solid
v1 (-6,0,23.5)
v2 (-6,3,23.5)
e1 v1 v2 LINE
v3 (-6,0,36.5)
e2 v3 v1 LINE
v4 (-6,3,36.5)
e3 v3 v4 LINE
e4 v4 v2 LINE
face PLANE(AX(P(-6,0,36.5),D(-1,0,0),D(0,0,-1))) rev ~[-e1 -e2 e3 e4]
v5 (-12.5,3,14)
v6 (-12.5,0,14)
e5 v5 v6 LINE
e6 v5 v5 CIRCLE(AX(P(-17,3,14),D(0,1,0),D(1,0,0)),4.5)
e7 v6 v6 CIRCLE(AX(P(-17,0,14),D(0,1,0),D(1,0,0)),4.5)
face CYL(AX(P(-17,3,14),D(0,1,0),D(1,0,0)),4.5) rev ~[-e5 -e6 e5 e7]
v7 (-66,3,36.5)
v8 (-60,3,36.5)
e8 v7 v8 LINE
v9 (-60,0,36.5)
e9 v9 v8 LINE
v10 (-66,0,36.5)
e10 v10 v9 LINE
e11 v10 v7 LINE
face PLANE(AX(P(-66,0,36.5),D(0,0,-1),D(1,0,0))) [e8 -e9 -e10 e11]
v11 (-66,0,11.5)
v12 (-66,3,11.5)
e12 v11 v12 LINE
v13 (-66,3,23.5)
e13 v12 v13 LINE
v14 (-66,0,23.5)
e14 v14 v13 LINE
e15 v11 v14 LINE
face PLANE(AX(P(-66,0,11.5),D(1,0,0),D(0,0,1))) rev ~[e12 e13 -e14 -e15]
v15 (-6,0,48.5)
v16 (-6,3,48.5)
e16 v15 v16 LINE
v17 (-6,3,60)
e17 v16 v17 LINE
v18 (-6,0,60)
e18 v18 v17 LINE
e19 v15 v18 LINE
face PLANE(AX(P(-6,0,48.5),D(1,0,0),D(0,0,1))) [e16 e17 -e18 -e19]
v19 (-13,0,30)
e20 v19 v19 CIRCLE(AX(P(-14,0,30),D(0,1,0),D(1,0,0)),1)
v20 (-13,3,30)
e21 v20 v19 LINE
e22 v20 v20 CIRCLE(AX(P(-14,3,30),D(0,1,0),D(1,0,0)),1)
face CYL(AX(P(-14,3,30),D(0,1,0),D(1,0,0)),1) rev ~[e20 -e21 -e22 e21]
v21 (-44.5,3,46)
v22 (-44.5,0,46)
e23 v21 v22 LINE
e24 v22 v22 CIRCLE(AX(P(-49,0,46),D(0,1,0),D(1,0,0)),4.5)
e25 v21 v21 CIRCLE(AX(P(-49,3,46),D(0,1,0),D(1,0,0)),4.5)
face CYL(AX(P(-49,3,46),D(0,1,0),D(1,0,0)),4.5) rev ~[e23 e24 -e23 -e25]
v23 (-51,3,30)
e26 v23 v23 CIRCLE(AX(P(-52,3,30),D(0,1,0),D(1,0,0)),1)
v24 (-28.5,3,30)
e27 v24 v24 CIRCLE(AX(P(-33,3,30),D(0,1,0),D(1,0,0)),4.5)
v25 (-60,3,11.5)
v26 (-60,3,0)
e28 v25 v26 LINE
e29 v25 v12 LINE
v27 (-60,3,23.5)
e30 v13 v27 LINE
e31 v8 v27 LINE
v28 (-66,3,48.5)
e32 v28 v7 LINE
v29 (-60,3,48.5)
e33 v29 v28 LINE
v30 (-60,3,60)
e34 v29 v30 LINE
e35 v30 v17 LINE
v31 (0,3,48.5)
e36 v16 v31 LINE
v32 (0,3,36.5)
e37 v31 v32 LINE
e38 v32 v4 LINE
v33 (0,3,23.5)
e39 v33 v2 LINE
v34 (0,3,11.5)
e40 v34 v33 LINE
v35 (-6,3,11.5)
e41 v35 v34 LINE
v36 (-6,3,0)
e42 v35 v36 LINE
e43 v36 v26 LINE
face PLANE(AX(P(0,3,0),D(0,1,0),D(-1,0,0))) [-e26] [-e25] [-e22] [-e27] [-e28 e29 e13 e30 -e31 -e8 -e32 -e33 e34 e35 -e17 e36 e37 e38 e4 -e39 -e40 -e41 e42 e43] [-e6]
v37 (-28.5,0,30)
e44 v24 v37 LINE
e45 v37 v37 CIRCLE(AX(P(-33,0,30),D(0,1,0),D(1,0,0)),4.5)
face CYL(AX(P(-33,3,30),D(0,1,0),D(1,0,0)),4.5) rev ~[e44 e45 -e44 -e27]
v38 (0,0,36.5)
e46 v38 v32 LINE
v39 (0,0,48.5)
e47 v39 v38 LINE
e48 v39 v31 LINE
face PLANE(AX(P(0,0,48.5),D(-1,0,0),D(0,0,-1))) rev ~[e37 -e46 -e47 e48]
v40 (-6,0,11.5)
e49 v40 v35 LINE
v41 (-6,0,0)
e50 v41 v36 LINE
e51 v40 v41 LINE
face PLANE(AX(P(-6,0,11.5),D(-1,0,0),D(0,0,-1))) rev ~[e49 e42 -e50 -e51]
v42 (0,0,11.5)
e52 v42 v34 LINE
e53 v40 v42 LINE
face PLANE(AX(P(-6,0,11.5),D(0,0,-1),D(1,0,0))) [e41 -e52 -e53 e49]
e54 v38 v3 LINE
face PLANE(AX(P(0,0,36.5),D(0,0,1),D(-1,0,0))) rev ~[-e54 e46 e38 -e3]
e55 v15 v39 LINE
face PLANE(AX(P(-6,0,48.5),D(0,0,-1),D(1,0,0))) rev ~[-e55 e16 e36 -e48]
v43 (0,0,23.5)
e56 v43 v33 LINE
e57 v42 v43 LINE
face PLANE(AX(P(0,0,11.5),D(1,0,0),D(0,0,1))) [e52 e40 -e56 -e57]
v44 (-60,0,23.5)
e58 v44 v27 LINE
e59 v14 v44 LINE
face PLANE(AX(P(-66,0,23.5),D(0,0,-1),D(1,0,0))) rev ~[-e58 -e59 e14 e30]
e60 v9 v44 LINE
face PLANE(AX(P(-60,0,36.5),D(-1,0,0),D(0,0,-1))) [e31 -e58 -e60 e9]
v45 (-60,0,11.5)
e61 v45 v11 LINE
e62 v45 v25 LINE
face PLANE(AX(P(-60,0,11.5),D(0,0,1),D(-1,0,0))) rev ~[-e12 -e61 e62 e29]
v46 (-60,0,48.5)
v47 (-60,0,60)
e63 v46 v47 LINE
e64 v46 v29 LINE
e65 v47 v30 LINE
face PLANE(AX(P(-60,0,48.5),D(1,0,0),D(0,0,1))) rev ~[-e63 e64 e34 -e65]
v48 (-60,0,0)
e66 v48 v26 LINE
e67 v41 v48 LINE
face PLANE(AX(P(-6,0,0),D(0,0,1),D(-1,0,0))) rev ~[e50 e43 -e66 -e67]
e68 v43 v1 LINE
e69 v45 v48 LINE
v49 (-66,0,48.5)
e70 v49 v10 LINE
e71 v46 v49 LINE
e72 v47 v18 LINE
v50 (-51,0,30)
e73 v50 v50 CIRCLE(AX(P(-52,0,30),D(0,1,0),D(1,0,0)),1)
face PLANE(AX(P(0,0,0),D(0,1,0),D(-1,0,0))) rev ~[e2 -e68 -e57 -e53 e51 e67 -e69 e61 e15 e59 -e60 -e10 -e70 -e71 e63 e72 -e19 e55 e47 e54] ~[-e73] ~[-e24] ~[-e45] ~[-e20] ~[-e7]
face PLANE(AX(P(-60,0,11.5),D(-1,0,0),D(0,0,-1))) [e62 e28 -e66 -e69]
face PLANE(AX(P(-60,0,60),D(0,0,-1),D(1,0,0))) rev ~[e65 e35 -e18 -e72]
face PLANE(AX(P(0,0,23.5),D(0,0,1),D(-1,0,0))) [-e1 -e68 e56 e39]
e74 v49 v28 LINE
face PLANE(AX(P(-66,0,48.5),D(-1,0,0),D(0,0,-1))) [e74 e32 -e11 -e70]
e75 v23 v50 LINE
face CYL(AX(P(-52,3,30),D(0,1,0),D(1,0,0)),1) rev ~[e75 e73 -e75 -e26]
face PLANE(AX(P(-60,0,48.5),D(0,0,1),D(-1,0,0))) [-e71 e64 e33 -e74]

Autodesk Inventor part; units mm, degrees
ref_plane "YZ Plane" through (0, 0, 0) normal (1, 0, 0) x (0, 1, 0)
ref_plane "XZ Plane" through (0, 0, 0) normal (0, 1, 0) x (-1, 0, 0)
ref_plane "XY Plane" through (0, 0, 0) normal (0, 0, 1) x (1, 0, 0)
sketch "Sketch1" plane through (0, 0, 0) normal (0, 1, 0) x (-1, 0, 0)
  line L0 (0, 30) -> (66, 30) construction
  line L1 (66, 36.5) -> (60, 36.5)
  line L2 (60, 36.5) -> (60, 48.5) construction
  line L3 (60, 48.5) -> (66, 48.5)
  line L4 (66, 48.5) -> (66, 36.5)
  line L5 (60, 48.5) -> (60, 60)
  line L6 (60, 60) -> (6, 60)
  line L7 (66, 23.5) -> (60, 23.5)
  line L8 (60, 23.5) -> (60, 11.5) construction
  line L9 (60, 11.5) -> (66, 11.5)
  line L10 (66, 11.5) -> (66, 23.5)
  line L11 (60, 11.5) -> (60, 0)
  line L12 (60, 36.5) -> (60, 23.5)
  line L13 (33, 30) -> (33, 0) construction
  line L14 (0, 36.5) -> (6, 36.5)
  line L15 (6, 36.5) -> (6, 48.5) construction
  line L16 (6, 48.5) -> (0, 48.5)
  line L17 (0, 48.5) -> (0, 36.5)
  line L18 (6, 48.5) -> (6, 60)
  line L19 (0, 23.5) -> (6, 23.5)
  line L20 (6, 23.5) -> (6, 11.5) construction
  line L21 (6, 11.5) -> (0, 11.5)
  line L22 (0, 11.5) -> (0, 23.5)
  line L23 (6, 11.5) -> (6, 0)
  line L24 (6, 36.5) -> (6, 23.5)
  line L25 (6, 0) -> (60, 0)
  dimension "d2" = 6
  dimension "d3" = 12
  dimension "d4" = 18.5
  dimension "d5" = 33
  dimension "d6" = 11.5
  dimension "d7" = 0
extrude "Extrusion1" add sketch "Sketch1" along normal blind 3
sketch "Sketch2" plane through (0, 3, 0) normal (0, 1, 0) x (1, 0, 0)
  line L0 (-6, -36.5) -> (-6, -23.5) projected
  line L1 (-6, -30) -> (-60, -30) construction
  line L2 (-60, -23.5) -> (-60, -36.5) projected
  line L3 (-6, 0) -> (-60, 0) projected
  line L4 (-33, 0) -> (-33, -60) construction
  line L5 (-6, -60) -> (-60, -60) projected
  circle A0 centre (-49, -46) radius 4.5
  circle A1 centre (-17, -14) radius 4.5
  circle A2 centre (-33, -30) radius 4.5
  circle A3 centre (-14, -30) radius 1
  circle A4 centre (-52, -30) radius 1
  point P0 (0, 0)
  dimension "d16" = 9
  dimension "d17" = 9
  dimension "d18" = 16
  dimension "d19" = 16
  dimension "d20" = 16
  dimension "d21" = 16
  dimension "d22" = 9
  dimension "d23" = 2
  dimension "d24" = 2
  dimension "d25" = 19
  dimension "d26" = 19
extrude "Extrusion2" cut sketch "Sketch2" against normal through all
properties part number "thumper-bumper-top-v2"
